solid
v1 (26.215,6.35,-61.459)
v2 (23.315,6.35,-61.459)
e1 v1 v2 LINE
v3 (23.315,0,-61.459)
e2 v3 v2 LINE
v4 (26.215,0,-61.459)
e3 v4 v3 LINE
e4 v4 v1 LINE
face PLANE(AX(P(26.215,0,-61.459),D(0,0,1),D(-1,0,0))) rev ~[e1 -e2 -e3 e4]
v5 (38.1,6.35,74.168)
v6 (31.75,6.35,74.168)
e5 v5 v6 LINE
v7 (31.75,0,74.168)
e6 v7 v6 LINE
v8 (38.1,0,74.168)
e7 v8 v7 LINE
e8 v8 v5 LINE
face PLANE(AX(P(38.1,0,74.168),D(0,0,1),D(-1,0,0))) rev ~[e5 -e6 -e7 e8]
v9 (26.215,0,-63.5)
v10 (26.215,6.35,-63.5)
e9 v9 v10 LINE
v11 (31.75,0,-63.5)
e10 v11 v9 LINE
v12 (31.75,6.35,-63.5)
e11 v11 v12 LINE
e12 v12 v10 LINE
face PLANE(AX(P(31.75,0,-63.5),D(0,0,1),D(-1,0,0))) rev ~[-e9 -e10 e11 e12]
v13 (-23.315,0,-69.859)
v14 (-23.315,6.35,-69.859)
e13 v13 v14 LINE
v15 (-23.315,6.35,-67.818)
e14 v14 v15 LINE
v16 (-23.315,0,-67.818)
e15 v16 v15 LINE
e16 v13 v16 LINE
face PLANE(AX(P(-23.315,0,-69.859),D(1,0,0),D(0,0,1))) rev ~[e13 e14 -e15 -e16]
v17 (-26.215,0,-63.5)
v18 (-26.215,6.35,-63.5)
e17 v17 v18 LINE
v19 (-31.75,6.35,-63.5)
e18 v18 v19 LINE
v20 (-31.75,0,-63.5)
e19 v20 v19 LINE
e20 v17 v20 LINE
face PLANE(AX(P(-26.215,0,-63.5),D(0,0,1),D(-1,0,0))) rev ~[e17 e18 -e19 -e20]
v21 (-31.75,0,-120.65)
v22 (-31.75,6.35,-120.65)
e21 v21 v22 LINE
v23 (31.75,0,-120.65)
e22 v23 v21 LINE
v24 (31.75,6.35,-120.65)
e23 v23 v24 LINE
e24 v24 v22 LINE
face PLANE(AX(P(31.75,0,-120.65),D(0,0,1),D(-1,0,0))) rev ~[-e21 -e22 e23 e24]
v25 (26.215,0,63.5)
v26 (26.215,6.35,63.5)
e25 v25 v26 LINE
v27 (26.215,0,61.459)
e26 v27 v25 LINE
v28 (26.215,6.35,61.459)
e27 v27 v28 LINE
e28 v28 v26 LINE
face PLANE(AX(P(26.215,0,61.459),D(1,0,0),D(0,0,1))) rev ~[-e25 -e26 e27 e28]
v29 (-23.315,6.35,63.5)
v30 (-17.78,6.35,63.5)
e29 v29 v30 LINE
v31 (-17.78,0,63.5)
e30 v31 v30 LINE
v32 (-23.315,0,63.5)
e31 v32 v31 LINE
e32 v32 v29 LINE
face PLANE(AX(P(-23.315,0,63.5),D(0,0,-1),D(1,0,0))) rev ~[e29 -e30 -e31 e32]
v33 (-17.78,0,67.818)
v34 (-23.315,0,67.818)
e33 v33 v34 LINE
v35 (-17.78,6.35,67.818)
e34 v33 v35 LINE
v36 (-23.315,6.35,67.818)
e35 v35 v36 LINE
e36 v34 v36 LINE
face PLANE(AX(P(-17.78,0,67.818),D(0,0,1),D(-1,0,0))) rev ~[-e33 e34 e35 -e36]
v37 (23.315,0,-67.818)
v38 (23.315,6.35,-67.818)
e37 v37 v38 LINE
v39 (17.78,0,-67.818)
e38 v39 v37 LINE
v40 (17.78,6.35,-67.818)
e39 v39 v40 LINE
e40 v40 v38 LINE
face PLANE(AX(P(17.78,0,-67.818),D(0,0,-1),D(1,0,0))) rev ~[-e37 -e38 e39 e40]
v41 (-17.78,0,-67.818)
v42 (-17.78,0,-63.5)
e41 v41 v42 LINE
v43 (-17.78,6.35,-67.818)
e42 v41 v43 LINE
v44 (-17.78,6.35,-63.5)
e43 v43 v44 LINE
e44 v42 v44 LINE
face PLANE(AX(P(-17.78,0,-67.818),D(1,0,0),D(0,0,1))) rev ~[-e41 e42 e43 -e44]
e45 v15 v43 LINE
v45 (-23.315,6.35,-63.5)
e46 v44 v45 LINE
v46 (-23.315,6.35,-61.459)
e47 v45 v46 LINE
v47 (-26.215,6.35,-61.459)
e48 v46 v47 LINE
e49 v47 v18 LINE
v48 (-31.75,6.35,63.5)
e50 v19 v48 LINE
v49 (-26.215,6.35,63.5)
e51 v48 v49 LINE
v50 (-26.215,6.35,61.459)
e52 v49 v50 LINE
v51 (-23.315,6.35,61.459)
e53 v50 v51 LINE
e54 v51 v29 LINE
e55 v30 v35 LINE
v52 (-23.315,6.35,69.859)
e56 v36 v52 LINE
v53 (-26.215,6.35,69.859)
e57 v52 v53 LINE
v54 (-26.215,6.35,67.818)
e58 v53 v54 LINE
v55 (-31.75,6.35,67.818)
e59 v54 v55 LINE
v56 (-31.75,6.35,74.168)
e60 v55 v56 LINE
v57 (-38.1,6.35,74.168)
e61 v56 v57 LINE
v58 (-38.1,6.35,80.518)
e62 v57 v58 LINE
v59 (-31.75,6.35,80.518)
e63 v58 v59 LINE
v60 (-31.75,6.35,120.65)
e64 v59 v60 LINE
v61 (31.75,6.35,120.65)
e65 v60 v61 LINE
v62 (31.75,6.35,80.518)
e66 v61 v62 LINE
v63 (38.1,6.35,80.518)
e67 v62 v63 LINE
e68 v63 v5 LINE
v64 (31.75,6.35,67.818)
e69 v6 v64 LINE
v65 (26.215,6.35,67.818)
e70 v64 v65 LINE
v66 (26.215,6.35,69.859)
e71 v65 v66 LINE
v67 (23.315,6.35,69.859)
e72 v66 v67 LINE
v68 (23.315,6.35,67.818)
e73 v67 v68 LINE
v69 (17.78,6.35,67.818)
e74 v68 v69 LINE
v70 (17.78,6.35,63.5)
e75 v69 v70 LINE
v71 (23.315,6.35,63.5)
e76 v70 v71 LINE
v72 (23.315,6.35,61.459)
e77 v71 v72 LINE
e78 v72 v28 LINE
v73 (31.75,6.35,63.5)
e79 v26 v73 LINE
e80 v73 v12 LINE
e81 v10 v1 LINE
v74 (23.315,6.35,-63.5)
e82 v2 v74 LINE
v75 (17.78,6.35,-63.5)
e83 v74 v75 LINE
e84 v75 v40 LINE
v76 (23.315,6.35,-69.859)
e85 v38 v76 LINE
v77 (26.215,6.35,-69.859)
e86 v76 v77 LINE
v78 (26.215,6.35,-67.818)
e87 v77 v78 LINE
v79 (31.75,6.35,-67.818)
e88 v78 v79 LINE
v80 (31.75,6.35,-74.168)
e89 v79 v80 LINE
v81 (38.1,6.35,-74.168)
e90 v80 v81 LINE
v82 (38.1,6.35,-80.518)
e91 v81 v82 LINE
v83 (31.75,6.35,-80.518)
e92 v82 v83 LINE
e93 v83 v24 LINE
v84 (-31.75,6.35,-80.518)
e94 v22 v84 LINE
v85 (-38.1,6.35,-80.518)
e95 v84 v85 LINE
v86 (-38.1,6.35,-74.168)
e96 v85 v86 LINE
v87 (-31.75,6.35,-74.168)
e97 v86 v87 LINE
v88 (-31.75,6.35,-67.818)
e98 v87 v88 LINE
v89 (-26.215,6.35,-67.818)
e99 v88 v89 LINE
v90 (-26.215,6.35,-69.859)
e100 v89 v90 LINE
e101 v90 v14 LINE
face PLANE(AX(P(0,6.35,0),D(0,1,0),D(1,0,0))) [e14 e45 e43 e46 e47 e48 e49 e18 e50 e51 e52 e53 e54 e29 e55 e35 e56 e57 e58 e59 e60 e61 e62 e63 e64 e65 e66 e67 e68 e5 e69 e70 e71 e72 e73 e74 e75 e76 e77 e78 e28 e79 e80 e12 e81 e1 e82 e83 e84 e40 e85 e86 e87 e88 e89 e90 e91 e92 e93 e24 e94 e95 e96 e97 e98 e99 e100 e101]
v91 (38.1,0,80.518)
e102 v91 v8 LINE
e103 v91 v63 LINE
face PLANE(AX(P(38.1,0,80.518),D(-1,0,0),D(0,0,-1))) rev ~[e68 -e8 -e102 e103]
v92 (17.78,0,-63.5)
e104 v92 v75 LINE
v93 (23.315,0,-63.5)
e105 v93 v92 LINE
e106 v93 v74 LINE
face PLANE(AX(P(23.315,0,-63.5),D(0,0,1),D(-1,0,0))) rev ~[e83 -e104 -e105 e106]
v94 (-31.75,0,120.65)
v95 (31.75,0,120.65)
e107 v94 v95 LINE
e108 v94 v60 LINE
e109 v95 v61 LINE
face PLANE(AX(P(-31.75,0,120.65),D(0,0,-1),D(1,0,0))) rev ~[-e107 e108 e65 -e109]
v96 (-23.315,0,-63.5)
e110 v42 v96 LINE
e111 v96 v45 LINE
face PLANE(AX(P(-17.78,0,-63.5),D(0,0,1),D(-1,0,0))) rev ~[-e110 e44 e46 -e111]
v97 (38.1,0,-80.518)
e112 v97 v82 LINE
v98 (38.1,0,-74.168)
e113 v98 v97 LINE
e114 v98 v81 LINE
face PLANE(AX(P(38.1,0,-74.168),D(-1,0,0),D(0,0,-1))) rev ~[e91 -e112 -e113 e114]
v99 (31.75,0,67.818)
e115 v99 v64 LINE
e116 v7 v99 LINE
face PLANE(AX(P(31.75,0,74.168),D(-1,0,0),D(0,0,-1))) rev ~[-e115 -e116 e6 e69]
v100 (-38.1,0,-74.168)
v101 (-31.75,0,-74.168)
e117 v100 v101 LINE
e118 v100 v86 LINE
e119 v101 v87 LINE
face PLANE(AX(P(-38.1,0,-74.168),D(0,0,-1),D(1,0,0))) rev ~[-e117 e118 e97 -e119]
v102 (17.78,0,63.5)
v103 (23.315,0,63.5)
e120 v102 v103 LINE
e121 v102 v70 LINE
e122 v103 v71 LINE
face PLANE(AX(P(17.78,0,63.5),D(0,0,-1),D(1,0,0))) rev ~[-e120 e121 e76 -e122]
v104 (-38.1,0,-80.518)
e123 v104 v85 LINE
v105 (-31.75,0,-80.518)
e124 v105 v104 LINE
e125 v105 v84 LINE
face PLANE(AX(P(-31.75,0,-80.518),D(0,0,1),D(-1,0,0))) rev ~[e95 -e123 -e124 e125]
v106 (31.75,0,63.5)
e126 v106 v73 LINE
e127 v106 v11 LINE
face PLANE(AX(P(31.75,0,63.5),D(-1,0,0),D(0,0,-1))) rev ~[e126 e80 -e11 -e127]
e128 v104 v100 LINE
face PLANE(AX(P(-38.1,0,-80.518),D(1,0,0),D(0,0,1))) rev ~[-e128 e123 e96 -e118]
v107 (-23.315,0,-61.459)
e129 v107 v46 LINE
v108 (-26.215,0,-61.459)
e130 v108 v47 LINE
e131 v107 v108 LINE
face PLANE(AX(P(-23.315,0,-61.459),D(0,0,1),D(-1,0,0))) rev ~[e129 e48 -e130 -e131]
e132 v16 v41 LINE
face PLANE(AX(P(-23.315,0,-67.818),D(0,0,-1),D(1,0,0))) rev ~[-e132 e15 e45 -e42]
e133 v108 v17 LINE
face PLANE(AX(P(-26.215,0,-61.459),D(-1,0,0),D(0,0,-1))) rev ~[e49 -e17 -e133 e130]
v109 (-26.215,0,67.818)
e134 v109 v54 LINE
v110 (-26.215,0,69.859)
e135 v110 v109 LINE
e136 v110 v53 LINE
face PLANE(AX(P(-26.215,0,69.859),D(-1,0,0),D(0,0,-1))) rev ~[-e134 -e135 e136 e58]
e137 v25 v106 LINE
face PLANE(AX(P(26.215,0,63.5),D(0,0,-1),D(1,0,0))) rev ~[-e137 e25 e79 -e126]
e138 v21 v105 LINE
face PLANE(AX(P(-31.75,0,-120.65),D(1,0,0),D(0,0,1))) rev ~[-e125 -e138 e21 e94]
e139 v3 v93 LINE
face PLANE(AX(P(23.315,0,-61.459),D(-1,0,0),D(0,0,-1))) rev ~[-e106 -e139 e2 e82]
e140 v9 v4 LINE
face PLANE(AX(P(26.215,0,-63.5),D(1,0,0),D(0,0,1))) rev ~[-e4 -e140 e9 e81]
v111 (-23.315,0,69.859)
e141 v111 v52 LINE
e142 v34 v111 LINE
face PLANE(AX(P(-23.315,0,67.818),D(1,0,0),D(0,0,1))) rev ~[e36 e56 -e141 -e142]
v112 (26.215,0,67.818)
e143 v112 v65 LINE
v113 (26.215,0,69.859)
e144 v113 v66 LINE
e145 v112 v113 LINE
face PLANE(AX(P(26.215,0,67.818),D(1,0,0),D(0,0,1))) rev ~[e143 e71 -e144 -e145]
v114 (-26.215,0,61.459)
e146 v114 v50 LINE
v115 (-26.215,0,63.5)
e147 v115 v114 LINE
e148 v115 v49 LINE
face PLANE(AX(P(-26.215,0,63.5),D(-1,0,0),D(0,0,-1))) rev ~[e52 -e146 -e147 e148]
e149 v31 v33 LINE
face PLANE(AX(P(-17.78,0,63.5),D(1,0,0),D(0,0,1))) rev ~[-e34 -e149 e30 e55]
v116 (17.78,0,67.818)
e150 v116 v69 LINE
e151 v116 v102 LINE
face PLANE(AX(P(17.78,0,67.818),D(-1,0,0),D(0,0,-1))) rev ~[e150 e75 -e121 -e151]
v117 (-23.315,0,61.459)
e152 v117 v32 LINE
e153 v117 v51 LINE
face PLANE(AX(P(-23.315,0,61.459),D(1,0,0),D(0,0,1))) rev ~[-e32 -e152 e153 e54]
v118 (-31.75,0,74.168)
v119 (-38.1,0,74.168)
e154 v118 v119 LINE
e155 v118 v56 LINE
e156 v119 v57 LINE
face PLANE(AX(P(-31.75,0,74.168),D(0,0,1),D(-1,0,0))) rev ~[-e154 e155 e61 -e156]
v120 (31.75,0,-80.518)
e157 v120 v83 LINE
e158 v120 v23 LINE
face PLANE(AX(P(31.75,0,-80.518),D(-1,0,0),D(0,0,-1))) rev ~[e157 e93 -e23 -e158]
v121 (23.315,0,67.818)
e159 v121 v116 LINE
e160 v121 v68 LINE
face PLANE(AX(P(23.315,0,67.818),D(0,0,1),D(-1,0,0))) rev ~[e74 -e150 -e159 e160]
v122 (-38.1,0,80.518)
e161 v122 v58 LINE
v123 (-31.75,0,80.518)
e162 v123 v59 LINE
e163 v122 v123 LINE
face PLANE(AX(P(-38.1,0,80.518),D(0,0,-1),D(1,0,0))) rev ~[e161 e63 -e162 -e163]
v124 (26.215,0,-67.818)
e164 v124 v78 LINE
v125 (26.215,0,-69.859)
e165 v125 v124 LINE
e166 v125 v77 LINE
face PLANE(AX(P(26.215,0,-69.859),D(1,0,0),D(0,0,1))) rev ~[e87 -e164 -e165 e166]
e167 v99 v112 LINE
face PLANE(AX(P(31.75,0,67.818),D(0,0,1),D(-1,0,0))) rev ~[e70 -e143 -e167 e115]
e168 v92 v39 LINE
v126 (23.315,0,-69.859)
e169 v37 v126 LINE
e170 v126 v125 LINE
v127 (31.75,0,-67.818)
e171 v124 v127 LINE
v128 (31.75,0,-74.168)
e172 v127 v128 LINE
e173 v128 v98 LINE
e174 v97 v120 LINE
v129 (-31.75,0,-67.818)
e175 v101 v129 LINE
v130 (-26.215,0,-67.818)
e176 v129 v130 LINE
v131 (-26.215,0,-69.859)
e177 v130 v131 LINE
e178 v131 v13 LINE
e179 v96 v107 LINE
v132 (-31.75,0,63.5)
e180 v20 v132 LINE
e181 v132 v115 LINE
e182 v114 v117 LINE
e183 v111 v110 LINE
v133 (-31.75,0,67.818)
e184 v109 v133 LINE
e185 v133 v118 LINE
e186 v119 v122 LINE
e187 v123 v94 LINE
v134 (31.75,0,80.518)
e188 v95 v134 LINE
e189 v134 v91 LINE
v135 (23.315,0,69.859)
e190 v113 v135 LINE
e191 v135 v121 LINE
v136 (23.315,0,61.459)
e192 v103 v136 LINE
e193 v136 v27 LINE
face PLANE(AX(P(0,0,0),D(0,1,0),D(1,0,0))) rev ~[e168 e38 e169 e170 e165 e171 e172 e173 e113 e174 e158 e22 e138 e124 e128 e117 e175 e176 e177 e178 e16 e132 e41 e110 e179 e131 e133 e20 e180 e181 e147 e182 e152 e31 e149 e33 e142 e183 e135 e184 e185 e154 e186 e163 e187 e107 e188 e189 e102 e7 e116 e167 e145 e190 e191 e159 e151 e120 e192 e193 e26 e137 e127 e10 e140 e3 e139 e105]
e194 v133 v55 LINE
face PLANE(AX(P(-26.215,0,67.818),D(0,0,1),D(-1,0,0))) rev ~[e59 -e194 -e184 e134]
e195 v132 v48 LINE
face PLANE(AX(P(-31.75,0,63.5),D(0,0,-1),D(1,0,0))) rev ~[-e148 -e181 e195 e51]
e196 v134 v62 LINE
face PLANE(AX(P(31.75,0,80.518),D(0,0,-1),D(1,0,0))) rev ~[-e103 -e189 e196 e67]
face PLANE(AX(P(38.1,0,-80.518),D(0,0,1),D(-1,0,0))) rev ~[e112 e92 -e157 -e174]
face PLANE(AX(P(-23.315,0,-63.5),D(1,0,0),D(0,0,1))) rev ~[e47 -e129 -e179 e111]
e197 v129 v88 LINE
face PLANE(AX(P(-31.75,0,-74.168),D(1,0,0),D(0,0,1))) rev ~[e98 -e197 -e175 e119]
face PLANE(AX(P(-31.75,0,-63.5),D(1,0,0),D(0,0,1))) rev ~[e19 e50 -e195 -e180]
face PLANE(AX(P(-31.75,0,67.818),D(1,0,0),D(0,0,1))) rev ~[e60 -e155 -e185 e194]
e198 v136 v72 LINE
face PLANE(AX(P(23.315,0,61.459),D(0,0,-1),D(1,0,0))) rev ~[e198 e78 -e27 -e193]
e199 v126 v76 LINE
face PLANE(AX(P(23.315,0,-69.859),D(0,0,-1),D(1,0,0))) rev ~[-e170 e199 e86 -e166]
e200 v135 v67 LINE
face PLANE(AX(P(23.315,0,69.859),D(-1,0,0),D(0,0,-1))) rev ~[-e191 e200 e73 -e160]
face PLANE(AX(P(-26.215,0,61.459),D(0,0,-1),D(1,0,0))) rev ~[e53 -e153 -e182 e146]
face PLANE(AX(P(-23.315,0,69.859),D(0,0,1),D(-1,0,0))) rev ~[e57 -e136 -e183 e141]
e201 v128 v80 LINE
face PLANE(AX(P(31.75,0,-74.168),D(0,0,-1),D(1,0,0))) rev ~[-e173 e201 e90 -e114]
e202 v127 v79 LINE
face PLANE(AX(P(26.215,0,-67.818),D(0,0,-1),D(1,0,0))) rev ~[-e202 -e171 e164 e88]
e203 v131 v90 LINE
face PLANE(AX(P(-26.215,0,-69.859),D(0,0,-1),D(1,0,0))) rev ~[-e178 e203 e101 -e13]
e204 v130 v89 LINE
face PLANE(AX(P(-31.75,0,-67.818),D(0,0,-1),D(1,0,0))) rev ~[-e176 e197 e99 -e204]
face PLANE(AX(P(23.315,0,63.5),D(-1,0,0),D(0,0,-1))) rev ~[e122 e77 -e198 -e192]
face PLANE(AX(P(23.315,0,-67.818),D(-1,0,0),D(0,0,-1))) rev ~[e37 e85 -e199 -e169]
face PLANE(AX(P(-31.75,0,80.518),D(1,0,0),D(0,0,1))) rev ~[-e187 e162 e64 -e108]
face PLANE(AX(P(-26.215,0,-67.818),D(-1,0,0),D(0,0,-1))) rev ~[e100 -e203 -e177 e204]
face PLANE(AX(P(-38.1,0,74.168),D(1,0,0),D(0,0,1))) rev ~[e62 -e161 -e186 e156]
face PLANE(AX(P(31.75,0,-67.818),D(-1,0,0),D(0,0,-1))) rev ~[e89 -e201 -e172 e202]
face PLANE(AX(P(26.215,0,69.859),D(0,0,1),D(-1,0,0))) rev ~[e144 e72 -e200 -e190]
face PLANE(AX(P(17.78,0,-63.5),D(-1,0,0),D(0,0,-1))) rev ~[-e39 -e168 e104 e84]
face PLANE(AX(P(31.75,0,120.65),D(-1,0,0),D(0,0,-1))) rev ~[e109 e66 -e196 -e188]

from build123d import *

# Parameters (mm, degrees)
BOSS_EXTRUDE1_DEPTH = 6.35


with BuildPart() as part:
    # Elevator Belt Backplate → Boss-Extrude1 (new body)
    with BuildSketch(Plane(origin=(0, 0, 0), x_dir=(1, 0, 0), z_dir=(0, 1, 0))):
        Polygon((-31.75, -120.65), (31.75, -120.65), (31.75, -80.518), (38.1, -80.518), (38.1, -74.168), (31.75, -74.168), (31.75, -67.818), (26.215000021, -67.818), (26.215000021, -69.858999982), (23.314999979, -69.858999982), (23.314999979, -67.818), (17.78, -67.818), (17.78, -63.5), (23.314999979, -63.5), (23.314999979, -61.459000018), (26.215000021, -61.459000018), (26.215000021, -63.5), (31.75, -63.5), (31.75, 63.5), (26.215000021, 63.5), (26.215000021, 61.459000018), (23.314999979, 61.459000018), (23.314999979, 63.5), (17.78, 63.5), (17.78, 67.818), (23.314999979, 67.818), (23.314999979, 69.858999982), (26.215000021, 69.858999982), (26.215000021, 67.818), (31.75, 67.818), (31.75, 74.168), (38.1, 74.168), (38.1, 80.518), (31.75, 80.518), (31.75, 120.65), (-31.75, 120.65), (-31.75, 80.518), (-38.1, 80.518), (-38.1, 74.168), (-31.75, 74.168), (-31.75, 67.818), (-26.215000021, 67.818), (-26.215000021, 69.858999982), (-23.314999979, 69.858999982), (-23.314999979, 67.818), (-17.78, 67.818), (-17.78, 63.5), (-23.314999979, 63.5), (-23.314999979, 61.459000018), (-26.215000021, 61.459000018), (-26.215000021, 63.5), (-31.75, 63.5), (-31.75, -63.5), (-26.215000021, -63.5), (-26.215000021, -61.459000018), (-23.314999979, -61.459000018), (-23.314999979, -63.5), (-17.78, -63.5), (-17.78, -67.818), (-23.314999979, -67.818), (-23.314999979, -69.858999982), (-26.215000021, -69.858999982), (-26.215000021, -67.818), (-31.75, -67.818), (-31.75, -74.168), (-38.1, -74.168), (-38.1, -80.518), (-31.75, -80.518), align=None)
    extrude(amount=BOSS_EXTRUDE1_DEPTH)


solid = part.part
